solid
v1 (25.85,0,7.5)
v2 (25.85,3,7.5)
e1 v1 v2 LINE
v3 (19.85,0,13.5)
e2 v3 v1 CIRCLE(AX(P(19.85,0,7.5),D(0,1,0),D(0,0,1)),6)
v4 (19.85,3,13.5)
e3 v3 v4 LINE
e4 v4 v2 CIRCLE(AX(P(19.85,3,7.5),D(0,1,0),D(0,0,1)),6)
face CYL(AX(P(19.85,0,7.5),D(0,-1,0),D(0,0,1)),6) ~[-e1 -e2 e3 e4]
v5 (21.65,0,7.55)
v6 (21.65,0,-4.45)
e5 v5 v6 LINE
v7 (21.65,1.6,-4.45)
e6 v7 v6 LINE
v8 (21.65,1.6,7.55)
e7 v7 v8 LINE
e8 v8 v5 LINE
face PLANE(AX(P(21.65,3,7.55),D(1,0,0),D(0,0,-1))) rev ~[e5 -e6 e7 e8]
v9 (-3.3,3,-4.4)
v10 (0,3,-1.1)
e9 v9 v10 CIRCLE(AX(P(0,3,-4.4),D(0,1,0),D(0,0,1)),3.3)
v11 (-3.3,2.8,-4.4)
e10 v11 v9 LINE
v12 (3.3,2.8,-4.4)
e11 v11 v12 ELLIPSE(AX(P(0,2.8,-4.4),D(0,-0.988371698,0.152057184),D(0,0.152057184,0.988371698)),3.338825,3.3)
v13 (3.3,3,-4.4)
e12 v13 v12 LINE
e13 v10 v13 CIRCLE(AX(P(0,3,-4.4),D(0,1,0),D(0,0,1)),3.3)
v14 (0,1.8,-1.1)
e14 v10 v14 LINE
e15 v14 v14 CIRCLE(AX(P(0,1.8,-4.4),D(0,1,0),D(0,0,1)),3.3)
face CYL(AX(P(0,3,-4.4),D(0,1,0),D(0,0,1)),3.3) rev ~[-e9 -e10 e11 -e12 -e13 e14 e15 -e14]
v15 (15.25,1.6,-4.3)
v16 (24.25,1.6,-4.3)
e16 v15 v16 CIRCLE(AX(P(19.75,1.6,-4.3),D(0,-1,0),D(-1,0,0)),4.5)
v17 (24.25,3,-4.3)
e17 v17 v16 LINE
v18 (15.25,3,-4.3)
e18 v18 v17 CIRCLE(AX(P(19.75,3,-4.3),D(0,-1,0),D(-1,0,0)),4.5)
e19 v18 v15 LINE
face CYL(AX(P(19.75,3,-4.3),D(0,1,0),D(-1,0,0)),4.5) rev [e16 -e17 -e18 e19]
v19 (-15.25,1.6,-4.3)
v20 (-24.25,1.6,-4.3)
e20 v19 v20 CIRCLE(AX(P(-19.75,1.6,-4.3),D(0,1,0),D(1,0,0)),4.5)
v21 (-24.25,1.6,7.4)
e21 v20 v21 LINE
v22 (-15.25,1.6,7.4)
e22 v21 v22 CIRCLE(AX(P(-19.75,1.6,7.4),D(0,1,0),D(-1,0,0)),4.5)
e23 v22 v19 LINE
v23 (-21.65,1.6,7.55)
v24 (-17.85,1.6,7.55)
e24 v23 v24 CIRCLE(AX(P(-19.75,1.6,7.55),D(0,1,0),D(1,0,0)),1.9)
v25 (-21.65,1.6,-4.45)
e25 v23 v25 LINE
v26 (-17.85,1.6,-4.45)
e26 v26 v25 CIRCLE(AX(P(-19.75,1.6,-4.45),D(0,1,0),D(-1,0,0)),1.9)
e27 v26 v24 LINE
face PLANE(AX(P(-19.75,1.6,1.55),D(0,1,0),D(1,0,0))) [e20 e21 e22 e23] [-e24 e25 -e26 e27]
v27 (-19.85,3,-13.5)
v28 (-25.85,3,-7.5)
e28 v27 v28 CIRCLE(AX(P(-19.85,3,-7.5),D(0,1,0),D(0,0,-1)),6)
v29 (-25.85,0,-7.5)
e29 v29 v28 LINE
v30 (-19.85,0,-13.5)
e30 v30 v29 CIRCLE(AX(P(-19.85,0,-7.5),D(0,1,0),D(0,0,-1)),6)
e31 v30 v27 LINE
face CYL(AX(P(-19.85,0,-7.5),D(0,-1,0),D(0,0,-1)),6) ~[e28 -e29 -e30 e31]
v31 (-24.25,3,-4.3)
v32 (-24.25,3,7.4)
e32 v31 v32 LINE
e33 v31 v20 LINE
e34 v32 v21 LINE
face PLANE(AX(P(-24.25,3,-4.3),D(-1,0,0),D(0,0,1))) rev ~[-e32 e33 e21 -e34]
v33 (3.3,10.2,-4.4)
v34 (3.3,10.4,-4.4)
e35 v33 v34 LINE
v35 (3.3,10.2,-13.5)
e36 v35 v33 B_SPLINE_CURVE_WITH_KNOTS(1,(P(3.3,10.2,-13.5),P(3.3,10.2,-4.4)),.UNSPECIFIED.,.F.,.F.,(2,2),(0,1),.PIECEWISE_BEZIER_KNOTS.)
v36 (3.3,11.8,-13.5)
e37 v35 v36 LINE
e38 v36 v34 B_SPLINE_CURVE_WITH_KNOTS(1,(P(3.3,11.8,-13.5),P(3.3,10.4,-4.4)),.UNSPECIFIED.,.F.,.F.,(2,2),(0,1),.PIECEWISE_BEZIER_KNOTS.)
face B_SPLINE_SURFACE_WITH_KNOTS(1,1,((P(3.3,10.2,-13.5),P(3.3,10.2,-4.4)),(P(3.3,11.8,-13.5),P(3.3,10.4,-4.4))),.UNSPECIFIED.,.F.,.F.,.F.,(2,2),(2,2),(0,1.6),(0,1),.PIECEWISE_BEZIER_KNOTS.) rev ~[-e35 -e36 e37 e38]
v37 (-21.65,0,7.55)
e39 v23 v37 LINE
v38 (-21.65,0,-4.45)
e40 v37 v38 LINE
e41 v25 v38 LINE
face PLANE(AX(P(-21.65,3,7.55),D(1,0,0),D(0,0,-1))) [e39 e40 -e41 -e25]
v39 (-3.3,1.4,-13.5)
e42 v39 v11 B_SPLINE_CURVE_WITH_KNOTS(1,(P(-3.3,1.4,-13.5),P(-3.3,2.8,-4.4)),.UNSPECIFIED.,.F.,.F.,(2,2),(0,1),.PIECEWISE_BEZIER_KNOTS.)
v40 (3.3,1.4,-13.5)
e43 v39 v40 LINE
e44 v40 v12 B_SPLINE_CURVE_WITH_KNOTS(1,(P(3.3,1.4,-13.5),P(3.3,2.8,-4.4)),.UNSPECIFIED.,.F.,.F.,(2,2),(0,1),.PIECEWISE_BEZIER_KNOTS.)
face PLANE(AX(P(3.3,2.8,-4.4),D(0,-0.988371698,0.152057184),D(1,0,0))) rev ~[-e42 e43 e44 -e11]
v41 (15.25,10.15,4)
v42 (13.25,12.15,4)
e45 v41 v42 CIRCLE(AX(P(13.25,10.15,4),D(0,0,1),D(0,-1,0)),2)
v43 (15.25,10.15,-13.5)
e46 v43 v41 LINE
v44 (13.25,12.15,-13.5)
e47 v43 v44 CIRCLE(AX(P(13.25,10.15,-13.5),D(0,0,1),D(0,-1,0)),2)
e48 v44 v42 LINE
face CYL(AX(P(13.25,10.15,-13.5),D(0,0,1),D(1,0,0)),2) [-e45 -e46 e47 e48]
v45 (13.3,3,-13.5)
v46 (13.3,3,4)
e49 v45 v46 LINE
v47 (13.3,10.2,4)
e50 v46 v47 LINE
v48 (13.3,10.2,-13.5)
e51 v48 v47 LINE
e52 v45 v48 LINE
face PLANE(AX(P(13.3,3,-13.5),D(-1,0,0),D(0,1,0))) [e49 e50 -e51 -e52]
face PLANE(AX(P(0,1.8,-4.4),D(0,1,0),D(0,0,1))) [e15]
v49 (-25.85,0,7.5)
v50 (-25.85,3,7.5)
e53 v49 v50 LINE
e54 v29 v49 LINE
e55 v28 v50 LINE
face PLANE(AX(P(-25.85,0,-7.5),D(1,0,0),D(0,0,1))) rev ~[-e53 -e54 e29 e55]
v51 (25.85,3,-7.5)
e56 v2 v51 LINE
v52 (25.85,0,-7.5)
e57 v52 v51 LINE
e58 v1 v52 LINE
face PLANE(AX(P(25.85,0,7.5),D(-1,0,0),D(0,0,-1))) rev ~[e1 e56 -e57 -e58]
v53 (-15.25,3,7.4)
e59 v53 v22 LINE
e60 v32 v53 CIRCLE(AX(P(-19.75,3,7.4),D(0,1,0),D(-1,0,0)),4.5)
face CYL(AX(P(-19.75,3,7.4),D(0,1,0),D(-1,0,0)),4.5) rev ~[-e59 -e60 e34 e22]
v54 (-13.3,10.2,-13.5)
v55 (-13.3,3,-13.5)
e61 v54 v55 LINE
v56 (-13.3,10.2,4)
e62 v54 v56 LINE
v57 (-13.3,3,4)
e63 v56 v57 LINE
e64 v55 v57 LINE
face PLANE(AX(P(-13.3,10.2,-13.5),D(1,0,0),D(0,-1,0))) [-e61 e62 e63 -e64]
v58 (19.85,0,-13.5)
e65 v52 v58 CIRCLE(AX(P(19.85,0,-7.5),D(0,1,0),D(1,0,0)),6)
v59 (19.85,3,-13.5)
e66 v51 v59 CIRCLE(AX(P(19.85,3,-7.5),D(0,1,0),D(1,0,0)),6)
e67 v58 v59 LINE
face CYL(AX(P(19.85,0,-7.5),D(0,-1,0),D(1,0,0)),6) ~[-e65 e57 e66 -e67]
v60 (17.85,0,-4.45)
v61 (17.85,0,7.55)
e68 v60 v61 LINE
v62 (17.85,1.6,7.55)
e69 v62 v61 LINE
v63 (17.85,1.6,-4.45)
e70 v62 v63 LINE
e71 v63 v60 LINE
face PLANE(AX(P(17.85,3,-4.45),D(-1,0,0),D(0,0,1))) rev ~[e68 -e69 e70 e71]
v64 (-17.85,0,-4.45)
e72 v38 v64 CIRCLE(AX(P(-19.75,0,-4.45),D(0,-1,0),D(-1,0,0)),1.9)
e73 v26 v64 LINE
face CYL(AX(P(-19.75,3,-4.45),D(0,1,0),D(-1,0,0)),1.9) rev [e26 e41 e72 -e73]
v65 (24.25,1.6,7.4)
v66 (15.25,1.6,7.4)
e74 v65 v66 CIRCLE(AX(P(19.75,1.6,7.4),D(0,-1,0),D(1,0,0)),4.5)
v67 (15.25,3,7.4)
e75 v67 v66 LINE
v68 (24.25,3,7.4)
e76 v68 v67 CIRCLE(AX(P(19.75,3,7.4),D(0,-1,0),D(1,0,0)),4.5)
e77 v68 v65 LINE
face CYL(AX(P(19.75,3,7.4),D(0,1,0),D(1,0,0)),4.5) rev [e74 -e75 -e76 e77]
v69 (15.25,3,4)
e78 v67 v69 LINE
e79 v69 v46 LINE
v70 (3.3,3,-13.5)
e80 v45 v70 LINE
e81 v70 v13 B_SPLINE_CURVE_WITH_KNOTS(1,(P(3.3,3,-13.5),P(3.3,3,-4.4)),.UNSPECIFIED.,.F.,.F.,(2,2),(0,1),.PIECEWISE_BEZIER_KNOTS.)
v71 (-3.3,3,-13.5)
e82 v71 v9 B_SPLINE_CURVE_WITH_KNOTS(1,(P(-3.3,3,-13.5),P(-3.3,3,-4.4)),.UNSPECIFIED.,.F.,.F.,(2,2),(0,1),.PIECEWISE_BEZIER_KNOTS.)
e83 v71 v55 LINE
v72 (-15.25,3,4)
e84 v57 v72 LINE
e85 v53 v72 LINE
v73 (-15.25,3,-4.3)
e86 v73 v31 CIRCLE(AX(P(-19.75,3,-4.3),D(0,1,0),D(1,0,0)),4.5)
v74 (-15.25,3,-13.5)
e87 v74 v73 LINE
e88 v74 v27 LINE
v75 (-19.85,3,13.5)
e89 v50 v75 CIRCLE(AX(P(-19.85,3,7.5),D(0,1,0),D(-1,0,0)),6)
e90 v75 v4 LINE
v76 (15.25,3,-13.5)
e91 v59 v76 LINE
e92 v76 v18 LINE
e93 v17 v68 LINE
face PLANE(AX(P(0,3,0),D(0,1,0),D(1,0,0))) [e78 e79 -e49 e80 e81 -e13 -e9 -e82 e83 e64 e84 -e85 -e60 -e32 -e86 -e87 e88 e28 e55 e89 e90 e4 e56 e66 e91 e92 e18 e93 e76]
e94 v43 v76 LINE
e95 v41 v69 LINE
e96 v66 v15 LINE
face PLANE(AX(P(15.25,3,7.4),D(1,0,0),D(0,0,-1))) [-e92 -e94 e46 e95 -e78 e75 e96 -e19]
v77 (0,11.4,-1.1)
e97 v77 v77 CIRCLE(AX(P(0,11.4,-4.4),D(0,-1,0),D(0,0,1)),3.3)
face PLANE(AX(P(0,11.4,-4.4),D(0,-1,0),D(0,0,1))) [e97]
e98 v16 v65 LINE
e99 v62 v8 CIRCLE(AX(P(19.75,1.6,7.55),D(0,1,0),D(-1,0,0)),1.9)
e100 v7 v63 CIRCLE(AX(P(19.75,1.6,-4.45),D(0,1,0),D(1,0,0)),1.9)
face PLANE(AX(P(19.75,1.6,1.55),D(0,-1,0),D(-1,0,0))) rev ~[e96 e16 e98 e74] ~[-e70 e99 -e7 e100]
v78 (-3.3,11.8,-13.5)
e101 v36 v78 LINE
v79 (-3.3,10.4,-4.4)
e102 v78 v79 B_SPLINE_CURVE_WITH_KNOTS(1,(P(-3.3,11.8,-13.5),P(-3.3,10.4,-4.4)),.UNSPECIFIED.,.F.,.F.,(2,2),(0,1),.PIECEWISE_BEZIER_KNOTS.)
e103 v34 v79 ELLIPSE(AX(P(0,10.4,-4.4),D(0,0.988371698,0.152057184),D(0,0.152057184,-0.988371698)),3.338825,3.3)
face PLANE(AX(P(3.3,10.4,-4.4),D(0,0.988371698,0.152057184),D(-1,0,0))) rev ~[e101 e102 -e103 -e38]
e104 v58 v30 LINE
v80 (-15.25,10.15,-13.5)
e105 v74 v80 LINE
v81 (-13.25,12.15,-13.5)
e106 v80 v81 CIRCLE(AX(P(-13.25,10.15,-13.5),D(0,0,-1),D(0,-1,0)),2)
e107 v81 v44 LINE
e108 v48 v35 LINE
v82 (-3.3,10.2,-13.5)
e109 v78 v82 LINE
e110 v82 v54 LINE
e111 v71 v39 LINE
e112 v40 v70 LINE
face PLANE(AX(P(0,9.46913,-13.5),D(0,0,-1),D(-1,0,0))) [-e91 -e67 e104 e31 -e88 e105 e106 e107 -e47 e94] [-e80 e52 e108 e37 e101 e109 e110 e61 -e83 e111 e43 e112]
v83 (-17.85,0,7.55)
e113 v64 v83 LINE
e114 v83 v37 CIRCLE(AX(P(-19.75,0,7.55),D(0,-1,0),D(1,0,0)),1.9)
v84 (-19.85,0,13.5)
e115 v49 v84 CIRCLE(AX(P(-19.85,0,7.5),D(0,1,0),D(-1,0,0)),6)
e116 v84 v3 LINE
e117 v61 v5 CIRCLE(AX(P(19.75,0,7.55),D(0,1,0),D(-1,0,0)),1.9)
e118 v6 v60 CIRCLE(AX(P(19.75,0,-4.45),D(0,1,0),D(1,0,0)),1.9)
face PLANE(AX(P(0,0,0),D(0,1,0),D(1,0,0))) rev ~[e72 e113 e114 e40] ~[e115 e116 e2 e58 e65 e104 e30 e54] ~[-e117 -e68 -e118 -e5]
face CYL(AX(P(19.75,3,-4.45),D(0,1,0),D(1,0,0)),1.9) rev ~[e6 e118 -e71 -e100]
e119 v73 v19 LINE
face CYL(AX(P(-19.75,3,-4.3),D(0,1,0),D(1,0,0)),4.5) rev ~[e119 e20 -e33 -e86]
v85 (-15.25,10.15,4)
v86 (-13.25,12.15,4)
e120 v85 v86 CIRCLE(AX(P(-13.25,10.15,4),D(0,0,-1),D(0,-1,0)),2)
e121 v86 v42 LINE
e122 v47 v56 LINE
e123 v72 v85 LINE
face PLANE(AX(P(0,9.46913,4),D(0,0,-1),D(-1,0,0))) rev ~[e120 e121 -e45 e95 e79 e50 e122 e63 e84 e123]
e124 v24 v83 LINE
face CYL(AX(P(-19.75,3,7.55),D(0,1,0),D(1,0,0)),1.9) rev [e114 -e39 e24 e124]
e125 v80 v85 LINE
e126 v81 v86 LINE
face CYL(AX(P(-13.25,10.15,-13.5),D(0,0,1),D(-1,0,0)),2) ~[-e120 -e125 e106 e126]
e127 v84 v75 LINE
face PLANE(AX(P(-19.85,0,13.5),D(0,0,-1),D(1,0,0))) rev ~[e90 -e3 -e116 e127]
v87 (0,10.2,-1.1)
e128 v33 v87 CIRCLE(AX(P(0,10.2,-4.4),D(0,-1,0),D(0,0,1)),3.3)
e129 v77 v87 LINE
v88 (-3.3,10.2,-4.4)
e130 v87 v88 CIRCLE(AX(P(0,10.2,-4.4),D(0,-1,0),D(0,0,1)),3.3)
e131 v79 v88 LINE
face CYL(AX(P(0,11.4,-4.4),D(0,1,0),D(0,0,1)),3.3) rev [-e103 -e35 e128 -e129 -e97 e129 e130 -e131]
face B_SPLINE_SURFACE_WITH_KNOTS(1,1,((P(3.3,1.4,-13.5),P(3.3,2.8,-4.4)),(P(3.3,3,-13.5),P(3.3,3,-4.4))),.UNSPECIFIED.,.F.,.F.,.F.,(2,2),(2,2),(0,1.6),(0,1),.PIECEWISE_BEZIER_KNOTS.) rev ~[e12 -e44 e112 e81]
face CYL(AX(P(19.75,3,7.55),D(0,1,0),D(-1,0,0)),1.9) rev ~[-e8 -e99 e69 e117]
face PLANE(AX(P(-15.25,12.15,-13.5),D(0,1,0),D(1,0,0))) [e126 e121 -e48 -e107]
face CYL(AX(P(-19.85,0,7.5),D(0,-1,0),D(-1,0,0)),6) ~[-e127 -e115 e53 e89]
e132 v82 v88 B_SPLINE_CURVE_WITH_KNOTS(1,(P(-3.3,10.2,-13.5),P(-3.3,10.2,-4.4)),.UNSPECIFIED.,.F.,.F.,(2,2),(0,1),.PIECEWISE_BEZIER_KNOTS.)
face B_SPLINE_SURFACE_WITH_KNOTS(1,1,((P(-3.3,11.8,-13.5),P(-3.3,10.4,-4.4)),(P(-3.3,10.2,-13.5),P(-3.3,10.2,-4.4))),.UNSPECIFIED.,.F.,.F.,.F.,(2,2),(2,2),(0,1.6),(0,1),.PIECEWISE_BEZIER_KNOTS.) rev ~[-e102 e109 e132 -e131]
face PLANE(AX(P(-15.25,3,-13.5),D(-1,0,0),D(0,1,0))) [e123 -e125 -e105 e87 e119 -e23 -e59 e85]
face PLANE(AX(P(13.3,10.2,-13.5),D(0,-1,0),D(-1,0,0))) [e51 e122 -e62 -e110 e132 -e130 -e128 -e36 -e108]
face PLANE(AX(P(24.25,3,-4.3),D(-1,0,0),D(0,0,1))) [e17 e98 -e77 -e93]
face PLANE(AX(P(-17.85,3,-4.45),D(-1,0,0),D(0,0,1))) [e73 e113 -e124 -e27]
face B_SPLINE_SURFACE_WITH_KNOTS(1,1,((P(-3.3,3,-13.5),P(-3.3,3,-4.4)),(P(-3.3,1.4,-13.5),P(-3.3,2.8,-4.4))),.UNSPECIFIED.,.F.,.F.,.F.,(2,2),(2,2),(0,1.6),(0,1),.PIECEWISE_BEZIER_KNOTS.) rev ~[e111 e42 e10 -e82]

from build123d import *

# Parameters (mm, degrees)
BOSS_EXTRUDE1_DEPTH = 3
CUT_EXTRUDE1_DEPTH  = 1.4
CUT_EXTRUDE2_DEPTH  = 3
BOSS_EXTRUDE2_DEPTH = 17.5
FILLET1_R           = 2
SKETCH8_R           = 3.3
CUT_EXTRUDE3_DEPTH  = 1.2
CUT_EXTRUDE4_START  = -1.2
SKETCH9_R           = 3.3
CUT_EXTRUDE4_DEPTH  = 1.2


with BuildPart() as part:
    # Sketch1 → Boss-Extrude1 (new body)
    with BuildSketch(Plane(origin=(0, 0, 0), x_dir=(1, 0, 0), z_dir=(0, 1, 0))):
        with BuildLine():
            Line((-19.85, -13.5), (19.85, -13.5))
            ThreePointArc((19.85, -13.5), (24.092640687, -11.742640687), (25.85, -7.5))
            Line((25.85, -7.5), (25.85, 7.5))
            ThreePointArc((25.85, 7.5), (24.092640687, 11.742640687), (19.85, 13.5))
            Line((19.85, 13.5), (-19.85, 13.5))
            ThreePointArc((-19.85, 13.5), (-24.092640687, 11.742640687), (-25.85, 7.5))
            Line((-25.85, 7.5), (-25.85, -7.5))
            ThreePointArc((-25.85, -7.5), (-24.092640687, -11.742640687), (-19.85, -13.5))
        make_face()
    extrude(amount=BOSS_EXTRUDE1_DEPTH)

    # Sketch2 → Cut-Extrude1 (cut)
    with BuildSketch(Plane(origin=(0, 3, 0), x_dir=(1, 0, 0), z_dir=(0, 1, 0))):
        with BuildLine():
            Line((-24.25, 4.3), (-24.25, -7.4))
            ThreePointArc((-24.25, -7.4), (-19.75, -11.9), (-15.25, -7.4))
            Line((-15.25, -7.4), (-15.25, 4.3))
            ThreePointArc((-15.25, 4.3), (-19.75, 8.8), (-24.25, 4.3))
        make_face()
        with BuildLine():
            Line((24.25, 4.3), (24.25, -7.4))
            ThreePointArc((24.25, -7.4), (19.75, -11.9), (15.25, -7.4))
            Line((15.25, -7.4), (15.25, 4.3))
            ThreePointArc((15.25, 4.3), (19.75, 8.8), (24.25, 4.3))
        make_face()
    extrude(amount=-CUT_EXTRUDE1_DEPTH, mode=Mode.SUBTRACT)

    # Sketch4 → Cut-Extrude2 (cut)
    with BuildSketch(Plane(origin=(0, 3, 0), x_dir=(1, 0, 0), z_dir=(0, 1, 0))):
        with BuildLine():
            Line((-17.85, 4.45), (-17.85, -7.55))
            ThreePointArc((-17.85, -7.55), (-19.75, -9.45), (-21.65, -7.55))
            Line((-21.65, -7.55), (-21.65, 4.45))
            ThreePointArc((-21.65, 4.45), (-19.75, 6.35), (-17.85, 4.45))
        make_face()
        with BuildLine():
            Line((17.85, 4.45), (17.85, -7.55))
            ThreePointArc((17.85, -7.55), (19.75, -9.45), (21.65, -7.55))
            Line((21.65, -7.55), (21.65, 4.45))
            ThreePointArc((21.65, 4.45), (19.75, 6.35), (17.85, 4.45))
        make_face()
    extrude(amount=-CUT_EXTRUDE2_DEPTH, mode=Mode.SUBTRACT)

    # Sketch5 → Boss-Extrude2 (add)
    with BuildSketch(Plane(origin=(0, 0, -13.5), x_dir=(-1, 0, 0), z_dir=(0, 0, -1))):
        Polygon((-13.3, 3), (-13.3, 10.2), (13.3, 10.2), (13.3, 3), (15.25, 3), (15.25, 12.15), (-15.25, 12.15), (-15.25, 3), align=None)
    extrude(amount=-BOSS_EXTRUDE2_DEPTH)

    # Fillet1
    fillet1_edges = [part.edges().sort_by_distance(p)[0] for p in [
        (15.25, 12.15, -4.75),
        (-15.25, 12.15, -4.75),
    ]]
    fillet(fillet1_edges, radius=FILLET1_R)

    # Sketch8 → Cut-Extrude3 (cut)
    with BuildSketch(Plane(origin=(0, 3, 0), x_dir=(1, 0, 0), z_dir=(0, 1, 0))):
        with Locations(Location((0, 4.4, 0), (0, 0, 270))):
            Circle(SKETCH8_R)
    extrude(amount=-CUT_EXTRUDE3_DEPTH, mode=Mode.SUBTRACT)

    # Sketch9 → Cut-Extrude4 (cut)
    with BuildSketch(Plane.XZ.offset(-10.2).offset(CUT_EXTRUDE4_START)):
        with Locations(Location((0, -4.4, 0), (0, 0, 90))):
            Circle(SKETCH9_R)
    extrude(amount=CUT_EXTRUDE4_DEPTH, mode=Mode.SUBTRACT)

    # Sketch11 → Cut-Loft4 section 0
    with BuildSketch(Plane(origin=(0, 0, -13.5), x_dir=(-1, 0, 0), z_dir=(0, 0, -1))):
        with BuildLine():
            Line((-3.3, 11.8), (3.3, 11.8))
            Line((3.3, 11.8), (3.3, 10.2))
            Line((3.3, 10.2), (-3.3, 10.2))
            Line((-3.3, 10.2), (-3.3, 11.8))
        make_face()
    # Sketch12 → Cut-Loft4 section 1
    with BuildSketch(Plane.XY.offset(-4.4)):
        with BuildLine():
            Line((-3.3, 10.2), (3.3, 10.2))
            Line((3.3, 10.2), (3.3, 10.4))
            Line((3.3, 10.4), (-3.3, 10.4))
            Line((-3.3, 10.4), (-3.3, 10.2))
        make_face()
    loft(mode=Mode.SUBTRACT)

    # Sketch11<110> → Cut-Loft7 section 0
    with BuildSketch(Plane(origin=(0, 0, -13.5), x_dir=(-1, 0, 0), z_dir=(0, 0, -1))):
        with BuildLine():
            Line((-3.3, 3), (3.3, 3))
            Line((3.3, 3), (3.3, 1.4))
            Line((3.3, 1.4), (-3.3, 1.4))
            Line((-3.3, 1.4), (-3.3, 3))
        make_face()
    # Sketch12<5> → Cut-Loft7 section 1
    with BuildSketch(Plane.XY.offset(-4.4)):
        with BuildLine():
            Line((-3.3, 3), (3.3, 3))
            Line((3.3, 3), (3.3, 2.8))
            Line((3.3, 2.8), (-3.3, 2.8))
            Line((-3.3, 2.8), (-3.3, 3))
        make_face()
    loft(mode=Mode.SUBTRACT)


solid = part.part
